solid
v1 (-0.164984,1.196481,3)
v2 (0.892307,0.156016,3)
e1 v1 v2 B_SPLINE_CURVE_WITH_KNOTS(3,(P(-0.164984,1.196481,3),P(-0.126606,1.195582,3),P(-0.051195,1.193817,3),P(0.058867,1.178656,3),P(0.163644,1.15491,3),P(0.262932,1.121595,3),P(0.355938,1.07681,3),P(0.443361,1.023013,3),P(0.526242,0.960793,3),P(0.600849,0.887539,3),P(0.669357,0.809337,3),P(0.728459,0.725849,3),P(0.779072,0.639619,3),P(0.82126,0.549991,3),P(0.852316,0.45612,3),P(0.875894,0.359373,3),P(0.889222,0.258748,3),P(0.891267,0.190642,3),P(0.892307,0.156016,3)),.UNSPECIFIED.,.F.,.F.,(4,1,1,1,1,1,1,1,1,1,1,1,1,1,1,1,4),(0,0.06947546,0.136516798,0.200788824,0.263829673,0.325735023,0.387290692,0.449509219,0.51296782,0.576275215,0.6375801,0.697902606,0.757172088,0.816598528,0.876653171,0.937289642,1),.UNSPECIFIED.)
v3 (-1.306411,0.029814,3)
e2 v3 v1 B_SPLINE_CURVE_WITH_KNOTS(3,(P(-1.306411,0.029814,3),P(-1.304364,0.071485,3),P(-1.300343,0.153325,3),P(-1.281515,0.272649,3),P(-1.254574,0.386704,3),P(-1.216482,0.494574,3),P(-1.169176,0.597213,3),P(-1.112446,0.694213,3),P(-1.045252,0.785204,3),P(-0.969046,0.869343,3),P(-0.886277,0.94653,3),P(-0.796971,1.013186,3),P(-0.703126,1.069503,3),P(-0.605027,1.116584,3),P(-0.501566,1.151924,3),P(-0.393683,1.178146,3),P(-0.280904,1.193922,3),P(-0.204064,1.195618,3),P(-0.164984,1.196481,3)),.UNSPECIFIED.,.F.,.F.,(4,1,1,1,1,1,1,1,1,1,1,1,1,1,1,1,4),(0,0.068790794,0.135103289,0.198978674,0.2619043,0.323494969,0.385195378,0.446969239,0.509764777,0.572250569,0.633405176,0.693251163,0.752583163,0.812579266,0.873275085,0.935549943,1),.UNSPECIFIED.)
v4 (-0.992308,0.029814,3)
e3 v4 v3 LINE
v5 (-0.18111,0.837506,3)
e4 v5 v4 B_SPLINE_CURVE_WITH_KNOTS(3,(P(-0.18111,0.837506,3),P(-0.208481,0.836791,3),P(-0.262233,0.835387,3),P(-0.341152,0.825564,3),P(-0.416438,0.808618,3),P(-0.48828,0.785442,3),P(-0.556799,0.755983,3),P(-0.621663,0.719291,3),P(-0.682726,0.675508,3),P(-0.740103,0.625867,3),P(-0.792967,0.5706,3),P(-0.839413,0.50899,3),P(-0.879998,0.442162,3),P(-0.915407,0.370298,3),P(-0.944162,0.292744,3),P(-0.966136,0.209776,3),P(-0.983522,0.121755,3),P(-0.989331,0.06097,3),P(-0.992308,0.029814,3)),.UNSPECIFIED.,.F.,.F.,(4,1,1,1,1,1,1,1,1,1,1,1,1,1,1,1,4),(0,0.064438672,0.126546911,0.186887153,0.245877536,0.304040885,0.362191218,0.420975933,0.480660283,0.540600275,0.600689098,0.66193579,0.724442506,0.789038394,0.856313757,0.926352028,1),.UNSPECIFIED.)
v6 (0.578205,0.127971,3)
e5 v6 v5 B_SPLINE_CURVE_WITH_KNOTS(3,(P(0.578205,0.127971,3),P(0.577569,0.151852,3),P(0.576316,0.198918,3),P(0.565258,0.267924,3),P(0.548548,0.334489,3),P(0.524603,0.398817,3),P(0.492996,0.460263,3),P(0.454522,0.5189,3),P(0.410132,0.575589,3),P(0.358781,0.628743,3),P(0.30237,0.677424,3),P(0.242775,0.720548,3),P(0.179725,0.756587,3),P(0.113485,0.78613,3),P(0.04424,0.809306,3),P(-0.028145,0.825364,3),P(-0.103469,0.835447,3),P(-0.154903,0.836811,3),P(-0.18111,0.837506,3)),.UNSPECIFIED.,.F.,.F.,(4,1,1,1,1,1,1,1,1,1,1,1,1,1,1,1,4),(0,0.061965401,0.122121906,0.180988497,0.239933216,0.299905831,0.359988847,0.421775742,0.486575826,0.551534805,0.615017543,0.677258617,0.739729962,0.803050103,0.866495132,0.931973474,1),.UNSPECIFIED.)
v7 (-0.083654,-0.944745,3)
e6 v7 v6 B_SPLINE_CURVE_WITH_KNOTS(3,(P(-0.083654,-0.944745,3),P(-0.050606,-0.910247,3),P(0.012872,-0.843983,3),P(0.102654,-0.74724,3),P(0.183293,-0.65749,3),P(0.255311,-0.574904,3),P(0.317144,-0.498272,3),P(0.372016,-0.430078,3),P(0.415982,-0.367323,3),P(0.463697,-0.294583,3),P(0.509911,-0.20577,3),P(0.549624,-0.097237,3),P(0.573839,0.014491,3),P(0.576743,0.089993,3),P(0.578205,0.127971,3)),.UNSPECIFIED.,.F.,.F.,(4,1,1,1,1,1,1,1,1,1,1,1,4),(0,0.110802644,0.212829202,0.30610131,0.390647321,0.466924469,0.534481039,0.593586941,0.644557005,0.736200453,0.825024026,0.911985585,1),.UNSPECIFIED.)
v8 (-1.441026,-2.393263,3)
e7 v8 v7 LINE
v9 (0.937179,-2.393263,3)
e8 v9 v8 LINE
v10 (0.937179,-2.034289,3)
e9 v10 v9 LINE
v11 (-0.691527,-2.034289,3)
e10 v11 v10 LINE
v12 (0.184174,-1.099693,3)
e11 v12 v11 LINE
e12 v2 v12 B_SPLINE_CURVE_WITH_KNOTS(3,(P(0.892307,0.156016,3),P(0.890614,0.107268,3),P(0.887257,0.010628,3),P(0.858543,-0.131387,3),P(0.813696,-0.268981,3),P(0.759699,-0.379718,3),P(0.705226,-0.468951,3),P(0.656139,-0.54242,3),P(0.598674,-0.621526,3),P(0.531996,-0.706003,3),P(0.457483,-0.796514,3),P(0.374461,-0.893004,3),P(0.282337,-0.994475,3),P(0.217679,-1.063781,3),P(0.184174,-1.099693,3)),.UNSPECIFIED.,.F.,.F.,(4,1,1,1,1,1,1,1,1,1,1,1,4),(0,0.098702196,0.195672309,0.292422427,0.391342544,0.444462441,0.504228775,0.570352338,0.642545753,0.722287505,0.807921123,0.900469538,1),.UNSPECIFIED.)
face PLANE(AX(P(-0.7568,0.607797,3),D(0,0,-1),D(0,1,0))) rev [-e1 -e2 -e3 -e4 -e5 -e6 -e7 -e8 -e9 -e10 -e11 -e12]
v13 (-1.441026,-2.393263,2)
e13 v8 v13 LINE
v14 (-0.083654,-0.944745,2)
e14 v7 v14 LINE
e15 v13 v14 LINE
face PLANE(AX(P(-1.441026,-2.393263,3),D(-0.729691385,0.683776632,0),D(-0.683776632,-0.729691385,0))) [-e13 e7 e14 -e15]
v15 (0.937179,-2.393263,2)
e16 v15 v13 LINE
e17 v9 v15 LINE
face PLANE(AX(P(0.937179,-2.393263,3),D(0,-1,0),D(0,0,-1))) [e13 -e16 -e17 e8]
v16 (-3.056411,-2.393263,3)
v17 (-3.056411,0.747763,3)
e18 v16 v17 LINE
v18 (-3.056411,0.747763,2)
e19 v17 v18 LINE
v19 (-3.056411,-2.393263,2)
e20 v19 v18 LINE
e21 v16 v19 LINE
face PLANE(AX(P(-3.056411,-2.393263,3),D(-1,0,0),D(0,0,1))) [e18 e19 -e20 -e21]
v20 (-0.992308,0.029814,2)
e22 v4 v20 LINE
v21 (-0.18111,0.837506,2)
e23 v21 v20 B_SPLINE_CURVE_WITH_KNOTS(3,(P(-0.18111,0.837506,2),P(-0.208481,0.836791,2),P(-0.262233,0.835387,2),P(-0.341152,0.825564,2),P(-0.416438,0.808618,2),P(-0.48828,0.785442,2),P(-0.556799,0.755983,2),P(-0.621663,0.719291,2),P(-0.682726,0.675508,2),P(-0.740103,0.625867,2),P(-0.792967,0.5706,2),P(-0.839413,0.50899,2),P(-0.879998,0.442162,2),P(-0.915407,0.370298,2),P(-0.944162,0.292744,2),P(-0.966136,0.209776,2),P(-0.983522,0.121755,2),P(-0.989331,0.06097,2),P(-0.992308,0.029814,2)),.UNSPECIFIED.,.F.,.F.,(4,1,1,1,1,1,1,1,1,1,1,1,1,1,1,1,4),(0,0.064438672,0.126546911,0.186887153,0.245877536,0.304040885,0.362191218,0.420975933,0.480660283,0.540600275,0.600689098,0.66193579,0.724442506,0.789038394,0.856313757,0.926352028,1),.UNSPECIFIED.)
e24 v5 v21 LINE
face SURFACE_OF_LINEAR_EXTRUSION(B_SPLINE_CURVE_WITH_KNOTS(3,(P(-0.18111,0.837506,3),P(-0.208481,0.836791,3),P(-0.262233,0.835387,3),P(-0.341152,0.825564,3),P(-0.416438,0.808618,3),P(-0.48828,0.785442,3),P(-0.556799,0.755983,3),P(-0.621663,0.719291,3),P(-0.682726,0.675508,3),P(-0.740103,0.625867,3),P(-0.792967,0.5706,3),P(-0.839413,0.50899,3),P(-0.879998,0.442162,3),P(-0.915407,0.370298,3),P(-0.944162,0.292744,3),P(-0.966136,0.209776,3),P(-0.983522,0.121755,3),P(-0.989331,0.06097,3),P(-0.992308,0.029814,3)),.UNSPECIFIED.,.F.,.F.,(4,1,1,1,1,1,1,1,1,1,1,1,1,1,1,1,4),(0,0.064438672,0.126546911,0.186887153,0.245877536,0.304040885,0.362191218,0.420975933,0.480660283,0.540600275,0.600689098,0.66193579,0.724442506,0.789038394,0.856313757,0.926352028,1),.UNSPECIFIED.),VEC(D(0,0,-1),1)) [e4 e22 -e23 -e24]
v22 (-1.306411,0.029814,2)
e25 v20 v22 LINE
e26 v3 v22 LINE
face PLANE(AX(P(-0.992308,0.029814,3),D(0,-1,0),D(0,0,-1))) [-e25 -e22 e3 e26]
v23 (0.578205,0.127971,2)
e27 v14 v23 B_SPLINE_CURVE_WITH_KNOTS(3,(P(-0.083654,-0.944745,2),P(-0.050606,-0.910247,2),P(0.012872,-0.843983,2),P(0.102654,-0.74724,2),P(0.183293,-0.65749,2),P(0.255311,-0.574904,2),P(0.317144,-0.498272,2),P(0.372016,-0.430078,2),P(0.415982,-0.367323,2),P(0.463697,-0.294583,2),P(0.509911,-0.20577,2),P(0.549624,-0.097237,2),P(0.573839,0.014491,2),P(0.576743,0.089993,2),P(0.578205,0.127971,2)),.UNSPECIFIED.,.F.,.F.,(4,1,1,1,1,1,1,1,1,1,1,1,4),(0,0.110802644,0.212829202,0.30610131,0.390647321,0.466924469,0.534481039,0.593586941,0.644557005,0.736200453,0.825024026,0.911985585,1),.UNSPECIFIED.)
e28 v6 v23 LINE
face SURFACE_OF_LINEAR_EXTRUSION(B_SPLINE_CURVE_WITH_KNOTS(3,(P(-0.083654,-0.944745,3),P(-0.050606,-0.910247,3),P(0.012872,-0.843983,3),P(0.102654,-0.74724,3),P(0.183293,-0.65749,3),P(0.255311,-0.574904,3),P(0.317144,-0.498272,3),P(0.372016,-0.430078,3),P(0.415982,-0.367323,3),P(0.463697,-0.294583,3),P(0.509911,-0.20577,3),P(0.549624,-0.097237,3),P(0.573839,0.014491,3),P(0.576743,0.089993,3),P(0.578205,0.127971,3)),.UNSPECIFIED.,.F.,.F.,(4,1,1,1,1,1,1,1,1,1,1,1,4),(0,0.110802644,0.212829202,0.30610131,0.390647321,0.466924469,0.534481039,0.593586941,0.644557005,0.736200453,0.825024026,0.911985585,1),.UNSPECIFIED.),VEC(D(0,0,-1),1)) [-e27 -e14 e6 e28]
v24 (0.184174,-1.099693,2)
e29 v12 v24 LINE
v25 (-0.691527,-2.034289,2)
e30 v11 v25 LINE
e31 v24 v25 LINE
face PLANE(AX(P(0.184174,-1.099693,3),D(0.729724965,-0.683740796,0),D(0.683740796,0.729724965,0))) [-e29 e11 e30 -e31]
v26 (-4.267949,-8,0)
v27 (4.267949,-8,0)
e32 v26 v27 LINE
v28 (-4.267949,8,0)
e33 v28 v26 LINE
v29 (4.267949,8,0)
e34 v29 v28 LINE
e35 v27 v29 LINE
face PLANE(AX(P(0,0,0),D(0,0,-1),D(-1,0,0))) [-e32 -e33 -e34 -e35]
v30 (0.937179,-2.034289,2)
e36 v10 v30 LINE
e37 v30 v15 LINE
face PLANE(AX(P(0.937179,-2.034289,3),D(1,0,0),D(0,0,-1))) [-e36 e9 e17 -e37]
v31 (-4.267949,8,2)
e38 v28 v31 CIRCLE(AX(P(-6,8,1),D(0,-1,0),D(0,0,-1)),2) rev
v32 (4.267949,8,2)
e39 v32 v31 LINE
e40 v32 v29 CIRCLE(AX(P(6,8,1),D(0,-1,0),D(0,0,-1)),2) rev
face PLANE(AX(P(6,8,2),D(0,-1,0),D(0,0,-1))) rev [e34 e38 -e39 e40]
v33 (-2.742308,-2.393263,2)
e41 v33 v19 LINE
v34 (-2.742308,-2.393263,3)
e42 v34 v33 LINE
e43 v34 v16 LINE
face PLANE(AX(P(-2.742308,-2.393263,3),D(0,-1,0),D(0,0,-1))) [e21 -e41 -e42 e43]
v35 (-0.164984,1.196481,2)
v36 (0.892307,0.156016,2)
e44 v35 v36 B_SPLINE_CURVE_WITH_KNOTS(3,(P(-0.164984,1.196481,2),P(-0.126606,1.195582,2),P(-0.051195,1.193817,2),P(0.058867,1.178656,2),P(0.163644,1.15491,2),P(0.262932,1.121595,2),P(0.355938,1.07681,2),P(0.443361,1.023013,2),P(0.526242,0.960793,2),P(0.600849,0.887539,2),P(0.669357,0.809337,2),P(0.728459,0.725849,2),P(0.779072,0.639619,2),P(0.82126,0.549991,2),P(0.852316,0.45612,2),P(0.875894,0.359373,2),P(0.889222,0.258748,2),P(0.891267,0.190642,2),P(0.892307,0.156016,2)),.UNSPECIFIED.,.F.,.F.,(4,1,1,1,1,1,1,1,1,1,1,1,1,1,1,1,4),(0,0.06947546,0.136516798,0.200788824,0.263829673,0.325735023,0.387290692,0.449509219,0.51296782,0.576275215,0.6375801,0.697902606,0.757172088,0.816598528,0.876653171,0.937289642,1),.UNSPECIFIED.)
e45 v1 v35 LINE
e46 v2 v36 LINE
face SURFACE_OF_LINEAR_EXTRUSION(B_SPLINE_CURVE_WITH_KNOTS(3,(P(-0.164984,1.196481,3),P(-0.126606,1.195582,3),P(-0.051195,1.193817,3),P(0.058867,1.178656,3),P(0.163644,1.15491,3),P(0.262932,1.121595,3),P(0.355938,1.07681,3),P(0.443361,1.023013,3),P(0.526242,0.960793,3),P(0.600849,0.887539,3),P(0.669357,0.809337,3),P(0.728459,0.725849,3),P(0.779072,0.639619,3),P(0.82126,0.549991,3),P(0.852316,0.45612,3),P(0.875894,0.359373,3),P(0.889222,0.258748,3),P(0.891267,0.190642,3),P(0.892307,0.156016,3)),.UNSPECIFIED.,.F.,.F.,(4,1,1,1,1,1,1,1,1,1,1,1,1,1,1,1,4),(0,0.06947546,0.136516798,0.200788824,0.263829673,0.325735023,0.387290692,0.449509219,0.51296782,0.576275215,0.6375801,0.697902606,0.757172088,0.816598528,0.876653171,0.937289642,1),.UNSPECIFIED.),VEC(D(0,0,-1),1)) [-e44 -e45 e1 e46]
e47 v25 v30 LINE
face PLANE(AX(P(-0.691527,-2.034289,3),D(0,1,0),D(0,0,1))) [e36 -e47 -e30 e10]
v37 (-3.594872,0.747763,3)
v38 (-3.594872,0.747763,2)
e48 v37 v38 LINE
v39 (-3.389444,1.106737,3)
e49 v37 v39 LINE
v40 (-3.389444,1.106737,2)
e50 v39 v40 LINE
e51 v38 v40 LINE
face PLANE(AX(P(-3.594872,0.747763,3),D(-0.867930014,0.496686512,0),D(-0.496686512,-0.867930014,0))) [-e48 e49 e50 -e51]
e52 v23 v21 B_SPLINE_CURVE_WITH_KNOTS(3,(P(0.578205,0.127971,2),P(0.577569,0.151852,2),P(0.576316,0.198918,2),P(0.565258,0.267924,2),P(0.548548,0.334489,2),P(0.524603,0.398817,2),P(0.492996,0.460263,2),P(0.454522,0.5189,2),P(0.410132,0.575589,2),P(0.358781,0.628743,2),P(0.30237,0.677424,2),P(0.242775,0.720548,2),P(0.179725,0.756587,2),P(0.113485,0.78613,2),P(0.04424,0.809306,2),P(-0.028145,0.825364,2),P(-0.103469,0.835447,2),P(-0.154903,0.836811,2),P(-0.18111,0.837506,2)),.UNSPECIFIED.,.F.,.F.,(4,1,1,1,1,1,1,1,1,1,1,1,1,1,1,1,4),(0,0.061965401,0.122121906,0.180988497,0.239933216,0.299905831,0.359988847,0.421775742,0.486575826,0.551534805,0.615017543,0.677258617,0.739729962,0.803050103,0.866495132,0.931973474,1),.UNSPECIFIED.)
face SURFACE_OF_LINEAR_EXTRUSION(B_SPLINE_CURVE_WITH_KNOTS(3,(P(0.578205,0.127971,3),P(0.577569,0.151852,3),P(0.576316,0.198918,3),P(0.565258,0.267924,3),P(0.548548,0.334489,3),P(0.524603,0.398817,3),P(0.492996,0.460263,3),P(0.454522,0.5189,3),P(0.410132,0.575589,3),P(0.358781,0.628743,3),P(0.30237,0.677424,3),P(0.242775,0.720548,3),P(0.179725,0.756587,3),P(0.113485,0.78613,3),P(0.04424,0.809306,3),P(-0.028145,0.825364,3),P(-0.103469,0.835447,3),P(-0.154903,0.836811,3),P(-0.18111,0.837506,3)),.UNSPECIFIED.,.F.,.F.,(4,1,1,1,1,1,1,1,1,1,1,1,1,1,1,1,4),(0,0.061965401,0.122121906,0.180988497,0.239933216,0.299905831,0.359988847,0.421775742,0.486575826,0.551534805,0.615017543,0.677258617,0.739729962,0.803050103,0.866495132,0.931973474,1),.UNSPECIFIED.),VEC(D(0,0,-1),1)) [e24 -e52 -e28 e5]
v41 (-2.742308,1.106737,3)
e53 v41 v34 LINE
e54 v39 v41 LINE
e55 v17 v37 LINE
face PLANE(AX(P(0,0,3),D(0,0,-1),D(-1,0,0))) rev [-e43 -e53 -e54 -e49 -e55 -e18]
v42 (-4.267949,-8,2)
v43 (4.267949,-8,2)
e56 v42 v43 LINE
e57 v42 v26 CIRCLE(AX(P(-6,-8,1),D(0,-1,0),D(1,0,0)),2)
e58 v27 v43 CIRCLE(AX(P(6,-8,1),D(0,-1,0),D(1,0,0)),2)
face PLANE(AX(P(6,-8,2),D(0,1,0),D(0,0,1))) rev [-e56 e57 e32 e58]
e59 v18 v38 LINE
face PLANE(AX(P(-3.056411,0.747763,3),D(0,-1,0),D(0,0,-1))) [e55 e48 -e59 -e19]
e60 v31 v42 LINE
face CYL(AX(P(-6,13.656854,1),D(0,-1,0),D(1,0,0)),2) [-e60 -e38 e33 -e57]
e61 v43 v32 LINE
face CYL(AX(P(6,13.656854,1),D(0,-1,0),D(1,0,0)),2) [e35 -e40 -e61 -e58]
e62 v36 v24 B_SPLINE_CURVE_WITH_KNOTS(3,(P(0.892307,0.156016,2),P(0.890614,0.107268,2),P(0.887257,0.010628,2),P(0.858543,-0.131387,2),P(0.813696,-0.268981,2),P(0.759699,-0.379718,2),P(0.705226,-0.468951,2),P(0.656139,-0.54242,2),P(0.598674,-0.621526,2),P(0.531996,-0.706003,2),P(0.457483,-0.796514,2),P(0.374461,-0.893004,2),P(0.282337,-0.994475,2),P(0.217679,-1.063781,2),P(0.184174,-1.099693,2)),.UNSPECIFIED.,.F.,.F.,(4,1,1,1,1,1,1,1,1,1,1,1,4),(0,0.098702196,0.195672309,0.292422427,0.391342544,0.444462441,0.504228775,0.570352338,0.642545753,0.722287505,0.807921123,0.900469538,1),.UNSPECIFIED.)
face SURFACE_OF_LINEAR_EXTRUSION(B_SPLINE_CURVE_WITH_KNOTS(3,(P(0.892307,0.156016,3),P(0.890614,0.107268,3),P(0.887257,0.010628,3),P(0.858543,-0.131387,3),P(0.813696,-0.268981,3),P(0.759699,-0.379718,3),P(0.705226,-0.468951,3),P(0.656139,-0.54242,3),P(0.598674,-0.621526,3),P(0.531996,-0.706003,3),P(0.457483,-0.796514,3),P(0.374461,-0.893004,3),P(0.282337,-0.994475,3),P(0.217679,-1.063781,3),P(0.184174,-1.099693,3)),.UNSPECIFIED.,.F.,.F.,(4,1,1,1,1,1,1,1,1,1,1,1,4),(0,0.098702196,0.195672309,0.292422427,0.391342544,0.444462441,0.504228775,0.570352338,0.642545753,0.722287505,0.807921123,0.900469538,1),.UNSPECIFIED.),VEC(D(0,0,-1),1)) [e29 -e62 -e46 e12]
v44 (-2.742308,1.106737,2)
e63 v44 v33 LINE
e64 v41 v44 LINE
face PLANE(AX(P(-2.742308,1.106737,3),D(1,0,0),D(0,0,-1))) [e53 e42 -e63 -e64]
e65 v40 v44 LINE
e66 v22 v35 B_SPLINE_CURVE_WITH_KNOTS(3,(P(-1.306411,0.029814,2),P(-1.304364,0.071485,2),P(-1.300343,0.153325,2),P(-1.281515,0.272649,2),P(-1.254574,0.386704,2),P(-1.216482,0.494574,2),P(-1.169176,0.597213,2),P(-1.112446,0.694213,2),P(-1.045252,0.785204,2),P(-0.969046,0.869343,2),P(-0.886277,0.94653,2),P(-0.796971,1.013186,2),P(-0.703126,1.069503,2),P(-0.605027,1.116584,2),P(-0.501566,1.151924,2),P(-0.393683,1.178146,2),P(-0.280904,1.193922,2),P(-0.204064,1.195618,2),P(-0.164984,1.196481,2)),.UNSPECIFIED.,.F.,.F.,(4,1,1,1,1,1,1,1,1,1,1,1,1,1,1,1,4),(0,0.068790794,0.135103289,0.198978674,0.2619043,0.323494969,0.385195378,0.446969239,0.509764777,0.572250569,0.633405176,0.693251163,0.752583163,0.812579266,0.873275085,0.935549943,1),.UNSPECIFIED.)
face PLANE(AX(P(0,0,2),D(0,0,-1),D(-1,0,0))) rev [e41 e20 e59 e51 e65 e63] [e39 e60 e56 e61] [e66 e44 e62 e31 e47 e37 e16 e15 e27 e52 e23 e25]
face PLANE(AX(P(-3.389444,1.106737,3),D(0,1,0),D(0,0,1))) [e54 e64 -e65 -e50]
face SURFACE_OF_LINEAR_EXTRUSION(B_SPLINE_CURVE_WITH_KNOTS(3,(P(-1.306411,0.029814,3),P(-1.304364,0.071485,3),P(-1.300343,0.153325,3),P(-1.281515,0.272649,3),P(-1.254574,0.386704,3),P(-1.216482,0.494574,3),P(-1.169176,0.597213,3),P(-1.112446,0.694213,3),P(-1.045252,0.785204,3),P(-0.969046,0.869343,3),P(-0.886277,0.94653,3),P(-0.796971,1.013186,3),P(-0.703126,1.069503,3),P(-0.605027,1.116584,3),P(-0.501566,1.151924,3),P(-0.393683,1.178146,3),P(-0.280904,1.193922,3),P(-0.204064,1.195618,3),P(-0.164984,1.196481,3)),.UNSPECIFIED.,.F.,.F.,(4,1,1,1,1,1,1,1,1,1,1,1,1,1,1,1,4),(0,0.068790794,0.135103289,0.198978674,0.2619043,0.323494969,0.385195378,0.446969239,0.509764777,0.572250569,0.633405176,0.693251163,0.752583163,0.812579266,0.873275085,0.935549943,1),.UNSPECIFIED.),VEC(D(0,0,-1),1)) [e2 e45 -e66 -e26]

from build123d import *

# Parameters (mm, degrees)
SKETCH1_W           = 12
SKETCH1_H           = 16
BOSS_EXTRUDE1_DEPTH = 2
SKETCH4_R           = 2
BOSS_EXTRUDE4_DEPTH = 16
BOSS_EXTRUDE5_DEPTH = 1


with BuildPart() as part:
    # Sketch1 → Boss-Extrude1 (new body)
    with BuildSketch(Plane.XY):
        Rectangle(SKETCH1_W, SKETCH1_H)
    extrude(amount=BOSS_EXTRUDE1_DEPTH)

    # Sketch4 → Boss-Extrude4 (add)
    with BuildSketch(Plane.XZ.offset(8)):
        with Locations((-6, 1)):
            Circle(SKETCH4_R)
        with Locations((6, 1)):
            Circle(SKETCH4_R)
    extrude(amount=-BOSS_EXTRUDE4_DEPTH)

    # Sketch5 → Boss-Extrude5 (add)
    with BuildSketch(Plane.XY.offset(2)):
        Polygon((-3.389443583, 1.106736913), (-2.742308167, 1.106736913), (-2.742308167, -2.393263087), (-3.056410731, -2.393263087), (-3.056410731, 0.747762554), (-3.594872269, 0.747762554), align=None)
        with BuildLine():
            Line((-0.992308167, 0.029813837), (-1.306410731, 0.029813837))
            add(Edge.make_bspline(
                [(-1.306410731, 0.029813837), (-1.304363578, 0.071484724), (-1.300343024, 0.153325239), (-1.281514735, 0.272649145), (-1.254573857, 0.386703944), (-1.216482403, 0.494573858), (-1.169176126, 0.597212665), (-1.112446098, 0.694212681), (-1.045252248, 0.78520387), (-0.969045514, 0.869342713), (-0.886276875, 0.946530284), (-0.796970935, 1.013185526), (-0.703125908, 1.069503198), (-0.605026509, 1.11658444), (-0.501565945, 1.151924286), (-0.393683087, 1.178145925), (-0.280903951, 1.193922271), (-0.204063929, 1.195618057), (-0.164984449, 1.196480503)],
                knots=[0, 0, 0, 0, 0.000125083, 0.00024566, 0.000361805, 0.000476223, 0.000588214, 0.000700404, 0.000812728, 0.00092691, 0.001040529, 0.001151727, 0.001260545, 0.001368429, 0.001477521, 0.001587884, 0.001701119, 0.00181831, 0.00181831, 0.00181831, 0.00181831], degree=3))
            add(Edge.make_bspline(
                [(-0.164984449, 1.196480503), (-0.126606375, 1.195582047), (-0.05119483, 1.193816612), (0.058867184, 1.178655583), (0.163644479, 1.154909991), (0.262932245, 1.121594575), (0.35593831, 1.076810147), (0.443361354, 1.023012609), (0.526242165, 0.960792777), (0.600848949, 0.887538964), (0.669357028, 0.809336579), (0.728459283, 0.725848676), (0.779072447, 0.63961939), (0.821260127, 0.549991188), (0.852316266, 0.45612016), (0.875894474, 0.359372957), (0.889221887, 0.258748146), (0.891267311, 0.190641591), (0.892307218, 0.15601576)],
                knots=[0, 0, 0, 0, 0.000115089, 0.000226145, 0.000332614, 0.000437044, 0.000539592, 0.000641561, 0.000744629, 0.00084975, 0.000954621, 0.001056175, 0.001156101, 0.001254284, 0.001352726, 0.001452208, 0.001552655, 0.001656537, 0.001656537, 0.001656537, 0.001656537], degree=3))
            add(Edge.make_bspline(
                [(0.892307218, 0.15601576), (0.890613955, 0.107267925), (0.887257144, 0.010627711), (0.858542767, -0.131387151), (0.813696256, -0.26898057), (0.759698899, -0.379717873), (0.705226455, -0.468951366), (0.656138947, -0.542420071), (0.598674136, -0.62152554), (0.531995638, -0.706002877), (0.457482766, -0.796513782), (0.374460603, -0.893003578), (0.282337121, -0.994475347), (0.21767862, -1.063780949), (0.184174205, -1.099693375)],
                knots=[0, 0, 0, 0, 0.000146118, 0.000289672, 0.0004329, 0.00057934, 0.000657978, 0.000746456, 0.000844345, 0.000951219, 0.001069268, 0.00119604, 0.001333047, 0.001480391, 0.001480391, 0.001480391, 0.001480391], degree=3))
            Line((0.184174205, -1.099693375), (-0.691526917, -2.034288728))
            Line((-0.691526917, -2.034288728), (0.937179013, -2.034288728))
            Line((0.937179013, -2.034288728), (0.937179013, -2.393263087))
            Line((0.937179013, -2.393263087), (-1.441026116, -2.393263087))
            Line((-1.441026116, -2.393263087), (-0.083654321, -0.944745458))
            add(Edge.make_bspline(
                [(-0.083654321, -0.944745458), (-0.050606434, -0.910247152), (0.012871793, -0.843982965), (0.10265437, -0.747240005), (0.183293358, -0.657490464), (0.255310751, -0.574903916), (0.317144257, -0.498272348), (0.372016488, -0.430077645), (0.415982079, -0.367323194), (0.463697475, -0.29458258), (0.509911457, -0.205770263), (0.549623813, -0.097236574), (0.573838661, 0.014490679), (0.576743497, 0.089992716), (0.578204654, 0.127970888)],
                knots=[0, 0, 0, 0, 0.000143319, 0.000275286, 0.00039593, 0.000505287, 0.000603949, 0.000691331, 0.000767782, 0.00083371, 0.000952247, 0.001067137, 0.001179618, 0.001293462, 0.001293462, 0.001293462, 0.001293462], degree=3))
            add(Edge.make_bspline(
                [(0.578204654, 0.127970888), (0.577568911, 0.151852286), (0.576315985, 0.198917937), (0.565258288, 0.267923696), (0.548547782, 0.334488509), (0.524602524, 0.398817129), (0.492995784, 0.460262781), (0.454522404, 0.518900261), (0.41013234, 0.575589226), (0.358781071, 0.628742524), (0.302369551, 0.67742373), (0.242775302, 0.720547815), (0.179725197, 0.756586926), (0.113485075, 0.786130423), (0.044239606, 0.809305804), (-0.028145139, 0.825364384), (-0.103469156, 0.835446867), (-0.154902651, 0.836811039), (-0.18111025, 0.837506144)],
                knots=[0, 0, 0, 0, 7.16e-05, 0.00014111, 0.00020913, 0.00027724, 0.000346538, 0.000415963, 0.000487357, 0.000562233, 0.000637292, 0.000710646, 0.000782564, 0.000854749, 0.000927915, 0.001001225, 0.001076884, 0.001155488, 0.001155488, 0.001155488, 0.001155488], degree=3))
            add(Edge.make_bspline(
                [(-0.18111025, 0.837506144), (-0.208481083, 0.836791112), (-0.262232879, 0.835386907), (-0.341151912, 0.825564243), (-0.41643769, 0.808618402), (-0.488279593, 0.785441728), (-0.556799178, 0.755983179), (-0.621663222, 0.719291434), (-0.682726112, 0.675507941), (-0.740102635, 0.625867385), (-0.792966614, 0.570599784), (-0.83941349, 0.508989821), (-0.879997504, 0.442162405), (-0.915406738, 0.370297855), (-0.944162428, 0.292744075), (-0.966135578, 0.20977637), (-0.983522425, 0.121754988), (-0.989330945, 0.060969904), (-0.992308167, 0.029813837)],
                knots=[0, 0, 0, 0, 8.2106e-05, 0.000161243, 0.000238127, 0.000313291, 0.000387401, 0.000461495, 0.000536397, 0.000612445, 0.000688819, 0.000765383, 0.000843422, 0.000923066, 0.001005373, 0.001091093, 0.001180334, 0.001274175, 0.001274175, 0.001274175, 0.001274175], degree=3))
        make_face()
    extrude(amount=BOSS_EXTRUDE5_DEPTH)


solid = part.part
